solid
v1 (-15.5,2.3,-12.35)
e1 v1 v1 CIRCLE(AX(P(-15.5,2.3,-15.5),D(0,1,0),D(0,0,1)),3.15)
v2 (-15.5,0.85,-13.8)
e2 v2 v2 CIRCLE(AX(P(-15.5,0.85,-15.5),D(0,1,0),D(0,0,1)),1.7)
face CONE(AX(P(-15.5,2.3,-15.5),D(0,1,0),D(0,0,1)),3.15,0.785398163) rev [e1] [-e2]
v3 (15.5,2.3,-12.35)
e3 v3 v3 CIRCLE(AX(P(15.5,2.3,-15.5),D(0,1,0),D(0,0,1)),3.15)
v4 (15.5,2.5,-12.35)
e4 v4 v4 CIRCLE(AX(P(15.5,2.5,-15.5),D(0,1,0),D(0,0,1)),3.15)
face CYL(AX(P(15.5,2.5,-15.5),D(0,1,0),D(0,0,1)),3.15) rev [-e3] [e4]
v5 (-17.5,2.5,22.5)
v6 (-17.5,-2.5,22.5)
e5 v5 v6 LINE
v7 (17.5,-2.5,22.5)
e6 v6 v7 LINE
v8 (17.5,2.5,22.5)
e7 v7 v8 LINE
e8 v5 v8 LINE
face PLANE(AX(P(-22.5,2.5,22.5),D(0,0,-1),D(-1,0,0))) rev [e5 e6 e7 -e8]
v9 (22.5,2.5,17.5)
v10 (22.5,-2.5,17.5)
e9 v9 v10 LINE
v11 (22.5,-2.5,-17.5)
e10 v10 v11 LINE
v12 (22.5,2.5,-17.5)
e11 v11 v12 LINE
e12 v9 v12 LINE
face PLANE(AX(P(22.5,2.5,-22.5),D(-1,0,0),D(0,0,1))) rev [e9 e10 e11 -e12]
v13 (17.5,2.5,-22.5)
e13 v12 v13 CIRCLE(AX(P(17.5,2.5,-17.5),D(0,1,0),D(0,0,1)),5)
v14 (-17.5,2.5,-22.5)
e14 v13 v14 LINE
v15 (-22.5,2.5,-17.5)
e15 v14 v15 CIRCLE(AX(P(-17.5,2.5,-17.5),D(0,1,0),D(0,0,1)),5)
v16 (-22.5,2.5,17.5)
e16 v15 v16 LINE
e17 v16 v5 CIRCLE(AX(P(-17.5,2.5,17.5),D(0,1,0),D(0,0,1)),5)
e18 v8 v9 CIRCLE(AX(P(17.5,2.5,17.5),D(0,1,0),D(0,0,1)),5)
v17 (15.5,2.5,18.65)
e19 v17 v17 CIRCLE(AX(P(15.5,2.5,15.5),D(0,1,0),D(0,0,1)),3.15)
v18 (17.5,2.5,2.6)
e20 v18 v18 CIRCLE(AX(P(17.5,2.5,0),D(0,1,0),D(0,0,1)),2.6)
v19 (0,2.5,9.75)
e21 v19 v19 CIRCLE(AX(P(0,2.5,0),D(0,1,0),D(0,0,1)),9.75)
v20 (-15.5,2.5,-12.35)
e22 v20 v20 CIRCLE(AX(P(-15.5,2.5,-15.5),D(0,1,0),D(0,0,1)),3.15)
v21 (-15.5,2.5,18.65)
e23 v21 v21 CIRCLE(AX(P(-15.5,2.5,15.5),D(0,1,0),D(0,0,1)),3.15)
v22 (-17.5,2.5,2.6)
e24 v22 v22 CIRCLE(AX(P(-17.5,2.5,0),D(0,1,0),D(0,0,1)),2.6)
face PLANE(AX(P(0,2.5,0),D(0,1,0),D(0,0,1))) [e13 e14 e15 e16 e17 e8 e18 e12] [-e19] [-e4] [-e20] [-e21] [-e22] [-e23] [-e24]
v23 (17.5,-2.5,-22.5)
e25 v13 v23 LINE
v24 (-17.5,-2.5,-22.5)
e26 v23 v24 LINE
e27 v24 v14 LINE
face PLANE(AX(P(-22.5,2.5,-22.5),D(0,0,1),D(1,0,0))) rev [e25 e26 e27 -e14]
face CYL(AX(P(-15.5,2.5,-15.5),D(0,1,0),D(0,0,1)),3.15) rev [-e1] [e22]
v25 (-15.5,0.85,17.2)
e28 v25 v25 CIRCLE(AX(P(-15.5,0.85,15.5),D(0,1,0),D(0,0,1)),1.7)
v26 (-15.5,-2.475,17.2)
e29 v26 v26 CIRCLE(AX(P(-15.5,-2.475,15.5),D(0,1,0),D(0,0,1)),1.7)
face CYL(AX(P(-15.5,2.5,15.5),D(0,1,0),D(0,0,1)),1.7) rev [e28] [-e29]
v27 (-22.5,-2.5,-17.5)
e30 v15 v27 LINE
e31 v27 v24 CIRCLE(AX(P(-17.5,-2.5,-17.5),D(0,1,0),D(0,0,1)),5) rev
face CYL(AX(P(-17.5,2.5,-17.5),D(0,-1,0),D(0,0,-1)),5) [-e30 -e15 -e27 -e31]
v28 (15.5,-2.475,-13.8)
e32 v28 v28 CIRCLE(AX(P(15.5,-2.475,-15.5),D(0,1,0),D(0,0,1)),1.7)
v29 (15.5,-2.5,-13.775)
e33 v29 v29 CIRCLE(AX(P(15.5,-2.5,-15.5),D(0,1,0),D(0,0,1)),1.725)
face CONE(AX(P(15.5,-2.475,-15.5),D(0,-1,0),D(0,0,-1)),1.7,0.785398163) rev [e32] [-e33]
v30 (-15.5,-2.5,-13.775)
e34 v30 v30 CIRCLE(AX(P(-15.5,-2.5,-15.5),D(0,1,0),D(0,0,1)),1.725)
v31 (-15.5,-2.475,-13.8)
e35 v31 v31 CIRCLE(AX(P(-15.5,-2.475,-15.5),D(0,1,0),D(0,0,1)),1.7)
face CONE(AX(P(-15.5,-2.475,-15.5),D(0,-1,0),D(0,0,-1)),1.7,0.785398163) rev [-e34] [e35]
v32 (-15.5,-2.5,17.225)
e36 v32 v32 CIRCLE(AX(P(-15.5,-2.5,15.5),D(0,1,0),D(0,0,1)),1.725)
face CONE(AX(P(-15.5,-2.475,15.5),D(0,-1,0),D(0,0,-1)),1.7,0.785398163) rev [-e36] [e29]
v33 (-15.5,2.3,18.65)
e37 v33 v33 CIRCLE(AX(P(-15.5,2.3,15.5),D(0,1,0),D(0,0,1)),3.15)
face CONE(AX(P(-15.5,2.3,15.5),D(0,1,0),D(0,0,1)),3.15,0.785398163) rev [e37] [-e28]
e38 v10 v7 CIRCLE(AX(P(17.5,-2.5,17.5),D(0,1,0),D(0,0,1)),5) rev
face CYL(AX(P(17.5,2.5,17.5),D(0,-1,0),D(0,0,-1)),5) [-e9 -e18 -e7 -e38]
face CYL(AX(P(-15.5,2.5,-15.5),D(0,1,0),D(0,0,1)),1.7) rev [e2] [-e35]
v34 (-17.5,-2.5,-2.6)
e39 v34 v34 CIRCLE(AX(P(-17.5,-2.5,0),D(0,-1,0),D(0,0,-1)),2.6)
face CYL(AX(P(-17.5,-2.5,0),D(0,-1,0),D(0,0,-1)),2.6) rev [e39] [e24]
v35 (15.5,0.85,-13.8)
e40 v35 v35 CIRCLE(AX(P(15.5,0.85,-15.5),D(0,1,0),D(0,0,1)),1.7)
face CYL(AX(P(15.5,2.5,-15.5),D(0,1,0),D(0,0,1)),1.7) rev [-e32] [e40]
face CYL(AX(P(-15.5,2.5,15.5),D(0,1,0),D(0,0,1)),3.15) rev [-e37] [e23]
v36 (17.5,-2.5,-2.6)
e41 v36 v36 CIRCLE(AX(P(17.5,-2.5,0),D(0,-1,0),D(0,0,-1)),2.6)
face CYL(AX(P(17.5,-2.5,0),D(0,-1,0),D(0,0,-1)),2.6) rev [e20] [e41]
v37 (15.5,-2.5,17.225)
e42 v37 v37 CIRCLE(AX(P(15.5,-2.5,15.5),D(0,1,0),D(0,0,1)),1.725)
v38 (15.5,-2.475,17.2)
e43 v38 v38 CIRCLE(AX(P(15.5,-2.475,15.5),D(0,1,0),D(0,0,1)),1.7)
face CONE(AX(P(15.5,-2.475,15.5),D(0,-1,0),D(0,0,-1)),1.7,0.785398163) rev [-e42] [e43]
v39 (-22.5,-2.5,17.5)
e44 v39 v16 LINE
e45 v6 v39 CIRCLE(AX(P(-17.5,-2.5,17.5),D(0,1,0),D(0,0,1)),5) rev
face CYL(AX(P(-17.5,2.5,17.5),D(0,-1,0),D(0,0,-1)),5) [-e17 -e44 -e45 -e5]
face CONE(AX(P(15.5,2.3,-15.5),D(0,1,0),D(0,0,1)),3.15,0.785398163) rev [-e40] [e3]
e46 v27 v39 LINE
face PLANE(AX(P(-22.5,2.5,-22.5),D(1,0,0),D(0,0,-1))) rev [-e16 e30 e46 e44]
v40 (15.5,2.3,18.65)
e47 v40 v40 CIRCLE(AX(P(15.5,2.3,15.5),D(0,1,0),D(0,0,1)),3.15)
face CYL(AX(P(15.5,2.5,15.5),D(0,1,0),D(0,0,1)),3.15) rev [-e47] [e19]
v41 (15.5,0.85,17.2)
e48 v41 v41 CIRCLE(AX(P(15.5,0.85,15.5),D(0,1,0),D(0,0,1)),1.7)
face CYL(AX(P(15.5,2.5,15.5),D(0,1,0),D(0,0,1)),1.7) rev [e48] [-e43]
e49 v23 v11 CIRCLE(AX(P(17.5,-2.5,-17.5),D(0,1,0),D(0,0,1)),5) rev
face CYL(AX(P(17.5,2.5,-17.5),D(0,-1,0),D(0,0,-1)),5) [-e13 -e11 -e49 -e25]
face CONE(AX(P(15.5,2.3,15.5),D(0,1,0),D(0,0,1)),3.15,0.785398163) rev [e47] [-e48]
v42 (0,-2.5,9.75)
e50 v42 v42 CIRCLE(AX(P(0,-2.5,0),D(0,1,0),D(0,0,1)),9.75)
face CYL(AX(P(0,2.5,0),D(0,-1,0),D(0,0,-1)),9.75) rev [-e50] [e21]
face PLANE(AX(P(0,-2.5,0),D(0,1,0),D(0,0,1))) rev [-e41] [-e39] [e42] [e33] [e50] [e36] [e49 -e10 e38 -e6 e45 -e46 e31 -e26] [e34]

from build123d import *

# Parameters (mm, degrees)
ESBO_O1_W                                    = 45
ESBO_O1_H                                    = 45
ESBO_O1_R                                    = 9.75
RESSALTO_EXTRUS_O1_DEPTH                     = 2.5
ESCAREADO_PARA_PARAFUSO_COM_CABE_A_E_2_COUNT = 2
ESCAREADO_PARA_PARAFUSO_COM_CABE_A_E_2_PITCH = 31
ESCAREADO_PARA_PARAFUSO_COM_CABE_A_E_3_COUNT = 2
ESCAREADO_PARA_PARAFUSO_COM_CABE_A_E_3_PITCH = 43.840620434
ESCAREADO_PARA_PARAFUSO_COM_CABE_A_E_4_COUNT = 2
ESCAREADO_PARA_PARAFUSO_COM_CABE_A_E_4_PITCH = 31
FILETE1_R                                    = 5


with BuildPart() as part:
    # Esboço1 → Ressalto-extrusão1 (new, symmetric)
    with BuildSketch(Plane(origin=(0, 0, 0), x_dir=(1, 0, 0), z_dir=(0, 1, 0))):
        Rectangle(ESBO_O1_W, ESBO_O1_H)
        with Locations(Location((0, 0, 0), (0, 0, 270))):
            Circle(ESBO_O1_R, mode=Mode.SUBTRACT)
    extrude(amount=RESSALTO_EXTRUS_O1_DEPTH, both=True)

    # Esboço4 → Escareado para parafuso com cabeça escareada elevada de M31 (revolve, cut)
    with BuildSketch(Plane(origin=(-15.5, 2.5, -15.5), x_dir=(0, 0, 1), z_dir=(1, 0, 0))):
        Polygon((0, 0), (0, 5), (1.725, 5), (1.7, 4.975), (1.7, 1.65), (3.15, 0.2), (3.15, 0), align=None)
    escareado_para_parafuso_com_cabe_a_escar = revolve(axis=Axis((-15.5, 8.85, -15.5), (0, -1, 0)), mode=Mode.SUBTRACT)

    # Escareado para parafuso com cabe_a e 2: Escareado para parafuso com cabeça escareada elevada de M31 ×2
    with Locations(*[(i * ESCAREADO_PARA_PARAFUSO_COM_CABE_A_E_2_PITCH, 0, 0) for i in range(1, ESCAREADO_PARA_PARAFUSO_COM_CABE_A_E_2_COUNT)]):
        add(escareado_para_parafuso_com_cabe_a_escar, mode=Mode.SUBTRACT)

    # Escareado para parafuso com cabe_a e 3: Escareado para parafuso com cabeça escareada elevada de M31 ×2
    with Locations(*[Vector(0.7071067811865447, 0, 0.7071067811865503) * (i * ESCAREADO_PARA_PARAFUSO_COM_CABE_A_E_3_PITCH) for i in range(1, ESCAREADO_PARA_PARAFUSO_COM_CABE_A_E_3_COUNT)]):
        add(escareado_para_parafuso_com_cabe_a_escar, mode=Mode.SUBTRACT)

    # Escareado para parafuso com cabe_a e 4: Escareado para parafuso com cabeça escareada elevada de M31 ×2
    with Locations(*[(0, 0, i * ESCAREADO_PARA_PARAFUSO_COM_CABE_A_E_4_PITCH) for i in range(1, ESCAREADO_PARA_PARAFUSO_COM_CABE_A_E_4_COUNT)]):
        add(escareado_para_parafuso_com_cabe_a_escar, mode=Mode.SUBTRACT)

    # Filete1
    filete1_edges = [part.edges().sort_by_distance(p)[0] for p in [
        (22.5, 0, 22.5),
        (-22.5, 0, 22.5),
        (-22.5, 0, -22.5),
        (22.5, 0, -22.5),
    ]]
    fillet(filete1_edges, radius=FILETE1_R)

    # Esboço5 → Furo de diâmetro Ø5.2 (5.2)1 (revolve, cut)
    with BuildSketch(Plane(origin=(17.5, -2.5, 0), x_dir=(0, 0, -1), z_dir=(1, 0, 0))):
        Polygon((0, 0), (0, 47.562237609), (2.6, 46), (2.6, 0), align=None)
    furo_de_di_metro_5_2_5_2_1 = revolve(axis=Axis((17.5, -8.85, 0), (0, 1, 0)), mode=Mode.SUBTRACT)

    # Espelhar1: Furo de diâmetro Ø5.2 (5.2)1 across plane
    add(furo_de_di_metro_5_2_5_2_1.mirror(Plane(origin=(0, 0, 0), x_dir=(0, 0, 1), z_dir=(1, 0, 0))), mode=Mode.SUBTRACT)


solid = part.part
